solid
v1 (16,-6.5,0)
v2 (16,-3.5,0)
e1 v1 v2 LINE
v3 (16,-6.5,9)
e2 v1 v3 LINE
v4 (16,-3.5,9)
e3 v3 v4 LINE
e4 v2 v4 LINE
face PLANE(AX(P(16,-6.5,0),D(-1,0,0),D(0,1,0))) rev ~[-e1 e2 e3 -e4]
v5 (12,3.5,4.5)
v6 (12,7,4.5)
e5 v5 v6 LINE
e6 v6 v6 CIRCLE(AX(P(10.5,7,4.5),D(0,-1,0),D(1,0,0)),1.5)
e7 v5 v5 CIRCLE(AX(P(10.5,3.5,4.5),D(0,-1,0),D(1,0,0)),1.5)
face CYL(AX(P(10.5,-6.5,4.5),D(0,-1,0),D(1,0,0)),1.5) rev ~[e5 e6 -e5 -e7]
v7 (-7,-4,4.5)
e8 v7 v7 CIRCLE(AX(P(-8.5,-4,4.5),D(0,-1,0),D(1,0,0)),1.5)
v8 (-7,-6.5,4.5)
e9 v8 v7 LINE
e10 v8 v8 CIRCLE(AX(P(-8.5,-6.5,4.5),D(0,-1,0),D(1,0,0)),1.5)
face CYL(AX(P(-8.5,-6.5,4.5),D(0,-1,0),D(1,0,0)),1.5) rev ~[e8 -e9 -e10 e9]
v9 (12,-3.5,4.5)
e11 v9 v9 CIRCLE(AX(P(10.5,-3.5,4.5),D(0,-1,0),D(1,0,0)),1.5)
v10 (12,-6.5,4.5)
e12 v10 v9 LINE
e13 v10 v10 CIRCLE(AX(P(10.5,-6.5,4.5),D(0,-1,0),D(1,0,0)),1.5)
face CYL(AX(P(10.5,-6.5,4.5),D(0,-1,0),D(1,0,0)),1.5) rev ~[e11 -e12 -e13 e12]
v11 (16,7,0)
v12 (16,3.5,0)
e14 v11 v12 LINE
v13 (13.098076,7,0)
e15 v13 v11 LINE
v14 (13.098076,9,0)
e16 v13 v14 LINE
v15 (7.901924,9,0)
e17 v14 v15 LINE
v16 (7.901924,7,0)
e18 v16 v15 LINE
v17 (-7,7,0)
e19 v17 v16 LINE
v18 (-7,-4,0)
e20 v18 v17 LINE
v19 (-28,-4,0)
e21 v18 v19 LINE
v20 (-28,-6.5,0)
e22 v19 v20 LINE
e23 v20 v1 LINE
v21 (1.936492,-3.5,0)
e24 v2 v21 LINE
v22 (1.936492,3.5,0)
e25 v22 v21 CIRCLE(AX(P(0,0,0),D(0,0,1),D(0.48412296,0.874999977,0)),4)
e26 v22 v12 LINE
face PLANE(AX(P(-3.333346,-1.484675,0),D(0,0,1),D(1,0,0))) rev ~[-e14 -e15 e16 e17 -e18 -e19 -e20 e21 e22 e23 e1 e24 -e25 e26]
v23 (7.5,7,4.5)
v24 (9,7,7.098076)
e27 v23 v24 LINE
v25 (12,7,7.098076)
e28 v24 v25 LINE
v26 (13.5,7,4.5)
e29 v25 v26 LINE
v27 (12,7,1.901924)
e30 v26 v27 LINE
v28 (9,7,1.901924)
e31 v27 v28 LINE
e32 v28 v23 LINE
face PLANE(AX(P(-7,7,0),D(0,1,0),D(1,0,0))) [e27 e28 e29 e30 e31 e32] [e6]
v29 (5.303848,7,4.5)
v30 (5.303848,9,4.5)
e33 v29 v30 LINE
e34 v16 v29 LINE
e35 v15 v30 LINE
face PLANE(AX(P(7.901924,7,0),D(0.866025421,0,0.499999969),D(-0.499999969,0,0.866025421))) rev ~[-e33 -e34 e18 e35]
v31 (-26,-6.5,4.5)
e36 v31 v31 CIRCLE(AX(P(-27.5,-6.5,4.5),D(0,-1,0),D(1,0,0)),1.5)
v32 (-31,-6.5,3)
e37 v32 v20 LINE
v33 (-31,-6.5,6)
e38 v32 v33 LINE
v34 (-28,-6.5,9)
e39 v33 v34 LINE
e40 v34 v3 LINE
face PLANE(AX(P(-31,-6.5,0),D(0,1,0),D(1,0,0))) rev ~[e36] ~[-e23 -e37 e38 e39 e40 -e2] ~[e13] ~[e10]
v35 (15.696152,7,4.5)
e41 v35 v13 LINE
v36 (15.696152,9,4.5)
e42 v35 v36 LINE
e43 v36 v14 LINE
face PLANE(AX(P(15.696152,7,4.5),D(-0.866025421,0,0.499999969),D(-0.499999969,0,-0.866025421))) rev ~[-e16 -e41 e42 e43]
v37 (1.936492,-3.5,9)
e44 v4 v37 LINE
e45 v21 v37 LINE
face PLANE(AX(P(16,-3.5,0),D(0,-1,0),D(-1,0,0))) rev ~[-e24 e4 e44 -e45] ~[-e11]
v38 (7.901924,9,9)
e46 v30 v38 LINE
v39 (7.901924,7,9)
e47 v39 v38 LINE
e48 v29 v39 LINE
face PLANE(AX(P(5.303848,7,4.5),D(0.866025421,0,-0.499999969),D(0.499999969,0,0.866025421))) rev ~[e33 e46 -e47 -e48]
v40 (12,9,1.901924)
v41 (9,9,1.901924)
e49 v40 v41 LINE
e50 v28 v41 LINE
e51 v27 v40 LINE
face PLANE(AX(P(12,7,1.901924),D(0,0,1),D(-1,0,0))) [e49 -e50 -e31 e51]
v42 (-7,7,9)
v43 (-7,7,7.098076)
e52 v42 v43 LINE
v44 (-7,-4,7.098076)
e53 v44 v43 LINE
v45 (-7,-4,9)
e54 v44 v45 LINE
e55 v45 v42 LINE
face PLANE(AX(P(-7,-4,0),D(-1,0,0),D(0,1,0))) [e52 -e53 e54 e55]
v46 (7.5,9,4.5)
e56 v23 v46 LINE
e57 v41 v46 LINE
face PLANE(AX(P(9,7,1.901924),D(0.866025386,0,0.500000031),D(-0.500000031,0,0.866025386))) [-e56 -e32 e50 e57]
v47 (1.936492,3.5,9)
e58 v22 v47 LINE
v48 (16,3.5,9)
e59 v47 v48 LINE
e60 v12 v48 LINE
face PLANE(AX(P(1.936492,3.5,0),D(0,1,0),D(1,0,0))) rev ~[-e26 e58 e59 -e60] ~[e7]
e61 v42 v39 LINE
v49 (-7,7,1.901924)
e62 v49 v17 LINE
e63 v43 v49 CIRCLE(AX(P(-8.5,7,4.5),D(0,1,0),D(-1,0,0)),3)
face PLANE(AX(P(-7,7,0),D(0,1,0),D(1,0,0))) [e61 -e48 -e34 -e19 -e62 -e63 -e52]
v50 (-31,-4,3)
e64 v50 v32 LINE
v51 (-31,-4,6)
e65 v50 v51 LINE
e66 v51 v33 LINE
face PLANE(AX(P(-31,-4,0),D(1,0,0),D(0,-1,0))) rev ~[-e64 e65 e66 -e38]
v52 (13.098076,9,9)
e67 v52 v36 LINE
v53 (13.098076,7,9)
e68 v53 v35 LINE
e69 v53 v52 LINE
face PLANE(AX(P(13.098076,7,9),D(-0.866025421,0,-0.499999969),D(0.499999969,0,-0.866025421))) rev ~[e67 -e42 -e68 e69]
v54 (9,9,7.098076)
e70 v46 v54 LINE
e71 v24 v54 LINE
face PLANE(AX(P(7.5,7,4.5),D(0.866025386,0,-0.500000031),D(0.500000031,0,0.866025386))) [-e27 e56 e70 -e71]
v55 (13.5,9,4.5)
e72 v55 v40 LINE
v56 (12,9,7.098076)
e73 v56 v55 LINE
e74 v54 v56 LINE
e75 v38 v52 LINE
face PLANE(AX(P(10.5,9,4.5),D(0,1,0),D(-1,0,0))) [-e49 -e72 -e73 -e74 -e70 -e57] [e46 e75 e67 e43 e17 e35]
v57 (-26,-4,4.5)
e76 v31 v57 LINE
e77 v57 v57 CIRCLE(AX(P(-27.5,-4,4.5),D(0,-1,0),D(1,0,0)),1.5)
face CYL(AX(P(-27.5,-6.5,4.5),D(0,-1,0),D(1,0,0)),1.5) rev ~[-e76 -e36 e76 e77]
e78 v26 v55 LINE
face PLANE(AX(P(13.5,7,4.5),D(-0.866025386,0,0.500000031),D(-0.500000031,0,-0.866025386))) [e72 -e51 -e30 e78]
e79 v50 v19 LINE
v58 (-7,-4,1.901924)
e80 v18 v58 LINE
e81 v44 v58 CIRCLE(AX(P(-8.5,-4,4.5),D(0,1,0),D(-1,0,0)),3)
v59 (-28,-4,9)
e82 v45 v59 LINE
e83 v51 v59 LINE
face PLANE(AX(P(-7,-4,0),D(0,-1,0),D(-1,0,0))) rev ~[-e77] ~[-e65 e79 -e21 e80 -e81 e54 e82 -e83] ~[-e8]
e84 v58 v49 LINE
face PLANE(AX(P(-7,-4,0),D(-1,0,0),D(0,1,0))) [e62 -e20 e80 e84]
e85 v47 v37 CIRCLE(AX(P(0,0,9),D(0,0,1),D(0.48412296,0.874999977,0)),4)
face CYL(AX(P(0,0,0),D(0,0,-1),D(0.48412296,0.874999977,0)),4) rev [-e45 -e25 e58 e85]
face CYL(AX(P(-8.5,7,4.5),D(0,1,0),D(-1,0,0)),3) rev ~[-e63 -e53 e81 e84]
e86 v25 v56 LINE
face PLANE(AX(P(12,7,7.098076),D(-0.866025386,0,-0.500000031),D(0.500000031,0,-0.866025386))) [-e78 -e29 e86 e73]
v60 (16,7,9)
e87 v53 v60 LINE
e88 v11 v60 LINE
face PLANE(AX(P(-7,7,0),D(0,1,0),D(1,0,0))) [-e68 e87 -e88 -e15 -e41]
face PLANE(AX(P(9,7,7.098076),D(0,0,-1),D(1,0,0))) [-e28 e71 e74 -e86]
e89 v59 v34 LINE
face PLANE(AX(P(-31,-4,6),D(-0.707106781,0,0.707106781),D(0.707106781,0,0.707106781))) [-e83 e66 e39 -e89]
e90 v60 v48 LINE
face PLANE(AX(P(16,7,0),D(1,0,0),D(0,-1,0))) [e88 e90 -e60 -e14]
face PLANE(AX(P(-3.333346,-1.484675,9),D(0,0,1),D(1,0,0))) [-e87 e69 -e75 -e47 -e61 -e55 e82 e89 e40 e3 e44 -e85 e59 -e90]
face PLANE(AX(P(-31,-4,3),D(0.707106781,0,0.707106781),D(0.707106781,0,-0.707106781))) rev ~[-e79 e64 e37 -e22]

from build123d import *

# Parameters (mm, degrees)
PAD_DEPTH       = 9
SKETCH001_R     = 1.5
POCKET_DEPTH    = 13.501
SKETCH002_R     = 3
POCKET001_DEPTH = 11
PAD001_DEPTH    = 2
POCKET002_DEPTH = 2.501


with BuildPart() as part:
    # Sketch → Pad (new body)
    with BuildSketch(Plane.XY):
        with BuildLine():
            Line((-7, -4), (-31, -4))
            Line((-31, -4), (-31, -6.5))
            Line((-31, -6.5), (16, -6.5))
            Line((16, -6.5), (16, -3.5))
            Line((16, -3.5), (1.936492, -3.5))
            ThreePointArc((1.936492, 3.5), (-4, 0), (1.936492, -3.5))
            Line((1.936492, 3.5), (16, 3.5))
            Line((16, 7), (16, 3.5))
            Line((0, 7), (16, 7))
            Line((-7, 7), (0, 7))
            Line((-7, -4), (-7, 7))
        make_face()
    extrude(amount=PAD_DEPTH)

    # Sketch001 → Pocket (cut, through all)
    with BuildSketch(Plane.XZ.offset(6.5)):
        with Locations((-27.5, 4.5)):
            Circle(SKETCH001_R)
        with Locations((-8.5, 4.5)):
            Circle(SKETCH001_R)
        with Locations((10.5, 4.5)):
            Circle(SKETCH001_R)
    extrude(amount=-POCKET_DEPTH, mode=Mode.SUBTRACT)

    # Sketch002 → Pocket001 (cut)
    with BuildSketch(Plane(origin=(0, 7, 0), x_dir=(-1, 0, 0), z_dir=(0, 1, 0))):
        with Locations((8.5, 4.5)):
            Circle(SKETCH002_R)
    extrude(amount=-POCKET001_DEPTH, mode=Mode.SUBTRACT)

    # Sketch003 → Pad001 (new body)
    with BuildSketch(Plane(origin=(0, 7, 0), x_dir=(-1, 0, 0), z_dir=(0, 1, 0))):
        Polygon((-13.098076, 9), (-15.696152, 4.5), (-13.098076, 0), (-7.901924, 0), (-5.303848, 4.5), (-7.901924, 9), align=None)
        Polygon((-9, 1.901924), (-7.5, 4.5), (-9, 7.098076), (-12, 7.098076), (-13.5, 4.5), (-12, 1.901924), align=None, mode=Mode.SUBTRACT)
    extrude(amount=PAD001_DEPTH)

    # Sketch004 → Pocket002 (cut, through all)
    with BuildSketch(Plane(origin=(0, -4, 0), x_dir=(-1, 0, 0), z_dir=(0, 1, 0))):
        Polygon((31, 6), (28, 9), (31, 9), align=None)
        Polygon((28, 0), (31, 0), (31, 3), align=None)
    extrude(amount=-POCKET002_DEPTH, mode=Mode.SUBTRACT)


solid = part.part
